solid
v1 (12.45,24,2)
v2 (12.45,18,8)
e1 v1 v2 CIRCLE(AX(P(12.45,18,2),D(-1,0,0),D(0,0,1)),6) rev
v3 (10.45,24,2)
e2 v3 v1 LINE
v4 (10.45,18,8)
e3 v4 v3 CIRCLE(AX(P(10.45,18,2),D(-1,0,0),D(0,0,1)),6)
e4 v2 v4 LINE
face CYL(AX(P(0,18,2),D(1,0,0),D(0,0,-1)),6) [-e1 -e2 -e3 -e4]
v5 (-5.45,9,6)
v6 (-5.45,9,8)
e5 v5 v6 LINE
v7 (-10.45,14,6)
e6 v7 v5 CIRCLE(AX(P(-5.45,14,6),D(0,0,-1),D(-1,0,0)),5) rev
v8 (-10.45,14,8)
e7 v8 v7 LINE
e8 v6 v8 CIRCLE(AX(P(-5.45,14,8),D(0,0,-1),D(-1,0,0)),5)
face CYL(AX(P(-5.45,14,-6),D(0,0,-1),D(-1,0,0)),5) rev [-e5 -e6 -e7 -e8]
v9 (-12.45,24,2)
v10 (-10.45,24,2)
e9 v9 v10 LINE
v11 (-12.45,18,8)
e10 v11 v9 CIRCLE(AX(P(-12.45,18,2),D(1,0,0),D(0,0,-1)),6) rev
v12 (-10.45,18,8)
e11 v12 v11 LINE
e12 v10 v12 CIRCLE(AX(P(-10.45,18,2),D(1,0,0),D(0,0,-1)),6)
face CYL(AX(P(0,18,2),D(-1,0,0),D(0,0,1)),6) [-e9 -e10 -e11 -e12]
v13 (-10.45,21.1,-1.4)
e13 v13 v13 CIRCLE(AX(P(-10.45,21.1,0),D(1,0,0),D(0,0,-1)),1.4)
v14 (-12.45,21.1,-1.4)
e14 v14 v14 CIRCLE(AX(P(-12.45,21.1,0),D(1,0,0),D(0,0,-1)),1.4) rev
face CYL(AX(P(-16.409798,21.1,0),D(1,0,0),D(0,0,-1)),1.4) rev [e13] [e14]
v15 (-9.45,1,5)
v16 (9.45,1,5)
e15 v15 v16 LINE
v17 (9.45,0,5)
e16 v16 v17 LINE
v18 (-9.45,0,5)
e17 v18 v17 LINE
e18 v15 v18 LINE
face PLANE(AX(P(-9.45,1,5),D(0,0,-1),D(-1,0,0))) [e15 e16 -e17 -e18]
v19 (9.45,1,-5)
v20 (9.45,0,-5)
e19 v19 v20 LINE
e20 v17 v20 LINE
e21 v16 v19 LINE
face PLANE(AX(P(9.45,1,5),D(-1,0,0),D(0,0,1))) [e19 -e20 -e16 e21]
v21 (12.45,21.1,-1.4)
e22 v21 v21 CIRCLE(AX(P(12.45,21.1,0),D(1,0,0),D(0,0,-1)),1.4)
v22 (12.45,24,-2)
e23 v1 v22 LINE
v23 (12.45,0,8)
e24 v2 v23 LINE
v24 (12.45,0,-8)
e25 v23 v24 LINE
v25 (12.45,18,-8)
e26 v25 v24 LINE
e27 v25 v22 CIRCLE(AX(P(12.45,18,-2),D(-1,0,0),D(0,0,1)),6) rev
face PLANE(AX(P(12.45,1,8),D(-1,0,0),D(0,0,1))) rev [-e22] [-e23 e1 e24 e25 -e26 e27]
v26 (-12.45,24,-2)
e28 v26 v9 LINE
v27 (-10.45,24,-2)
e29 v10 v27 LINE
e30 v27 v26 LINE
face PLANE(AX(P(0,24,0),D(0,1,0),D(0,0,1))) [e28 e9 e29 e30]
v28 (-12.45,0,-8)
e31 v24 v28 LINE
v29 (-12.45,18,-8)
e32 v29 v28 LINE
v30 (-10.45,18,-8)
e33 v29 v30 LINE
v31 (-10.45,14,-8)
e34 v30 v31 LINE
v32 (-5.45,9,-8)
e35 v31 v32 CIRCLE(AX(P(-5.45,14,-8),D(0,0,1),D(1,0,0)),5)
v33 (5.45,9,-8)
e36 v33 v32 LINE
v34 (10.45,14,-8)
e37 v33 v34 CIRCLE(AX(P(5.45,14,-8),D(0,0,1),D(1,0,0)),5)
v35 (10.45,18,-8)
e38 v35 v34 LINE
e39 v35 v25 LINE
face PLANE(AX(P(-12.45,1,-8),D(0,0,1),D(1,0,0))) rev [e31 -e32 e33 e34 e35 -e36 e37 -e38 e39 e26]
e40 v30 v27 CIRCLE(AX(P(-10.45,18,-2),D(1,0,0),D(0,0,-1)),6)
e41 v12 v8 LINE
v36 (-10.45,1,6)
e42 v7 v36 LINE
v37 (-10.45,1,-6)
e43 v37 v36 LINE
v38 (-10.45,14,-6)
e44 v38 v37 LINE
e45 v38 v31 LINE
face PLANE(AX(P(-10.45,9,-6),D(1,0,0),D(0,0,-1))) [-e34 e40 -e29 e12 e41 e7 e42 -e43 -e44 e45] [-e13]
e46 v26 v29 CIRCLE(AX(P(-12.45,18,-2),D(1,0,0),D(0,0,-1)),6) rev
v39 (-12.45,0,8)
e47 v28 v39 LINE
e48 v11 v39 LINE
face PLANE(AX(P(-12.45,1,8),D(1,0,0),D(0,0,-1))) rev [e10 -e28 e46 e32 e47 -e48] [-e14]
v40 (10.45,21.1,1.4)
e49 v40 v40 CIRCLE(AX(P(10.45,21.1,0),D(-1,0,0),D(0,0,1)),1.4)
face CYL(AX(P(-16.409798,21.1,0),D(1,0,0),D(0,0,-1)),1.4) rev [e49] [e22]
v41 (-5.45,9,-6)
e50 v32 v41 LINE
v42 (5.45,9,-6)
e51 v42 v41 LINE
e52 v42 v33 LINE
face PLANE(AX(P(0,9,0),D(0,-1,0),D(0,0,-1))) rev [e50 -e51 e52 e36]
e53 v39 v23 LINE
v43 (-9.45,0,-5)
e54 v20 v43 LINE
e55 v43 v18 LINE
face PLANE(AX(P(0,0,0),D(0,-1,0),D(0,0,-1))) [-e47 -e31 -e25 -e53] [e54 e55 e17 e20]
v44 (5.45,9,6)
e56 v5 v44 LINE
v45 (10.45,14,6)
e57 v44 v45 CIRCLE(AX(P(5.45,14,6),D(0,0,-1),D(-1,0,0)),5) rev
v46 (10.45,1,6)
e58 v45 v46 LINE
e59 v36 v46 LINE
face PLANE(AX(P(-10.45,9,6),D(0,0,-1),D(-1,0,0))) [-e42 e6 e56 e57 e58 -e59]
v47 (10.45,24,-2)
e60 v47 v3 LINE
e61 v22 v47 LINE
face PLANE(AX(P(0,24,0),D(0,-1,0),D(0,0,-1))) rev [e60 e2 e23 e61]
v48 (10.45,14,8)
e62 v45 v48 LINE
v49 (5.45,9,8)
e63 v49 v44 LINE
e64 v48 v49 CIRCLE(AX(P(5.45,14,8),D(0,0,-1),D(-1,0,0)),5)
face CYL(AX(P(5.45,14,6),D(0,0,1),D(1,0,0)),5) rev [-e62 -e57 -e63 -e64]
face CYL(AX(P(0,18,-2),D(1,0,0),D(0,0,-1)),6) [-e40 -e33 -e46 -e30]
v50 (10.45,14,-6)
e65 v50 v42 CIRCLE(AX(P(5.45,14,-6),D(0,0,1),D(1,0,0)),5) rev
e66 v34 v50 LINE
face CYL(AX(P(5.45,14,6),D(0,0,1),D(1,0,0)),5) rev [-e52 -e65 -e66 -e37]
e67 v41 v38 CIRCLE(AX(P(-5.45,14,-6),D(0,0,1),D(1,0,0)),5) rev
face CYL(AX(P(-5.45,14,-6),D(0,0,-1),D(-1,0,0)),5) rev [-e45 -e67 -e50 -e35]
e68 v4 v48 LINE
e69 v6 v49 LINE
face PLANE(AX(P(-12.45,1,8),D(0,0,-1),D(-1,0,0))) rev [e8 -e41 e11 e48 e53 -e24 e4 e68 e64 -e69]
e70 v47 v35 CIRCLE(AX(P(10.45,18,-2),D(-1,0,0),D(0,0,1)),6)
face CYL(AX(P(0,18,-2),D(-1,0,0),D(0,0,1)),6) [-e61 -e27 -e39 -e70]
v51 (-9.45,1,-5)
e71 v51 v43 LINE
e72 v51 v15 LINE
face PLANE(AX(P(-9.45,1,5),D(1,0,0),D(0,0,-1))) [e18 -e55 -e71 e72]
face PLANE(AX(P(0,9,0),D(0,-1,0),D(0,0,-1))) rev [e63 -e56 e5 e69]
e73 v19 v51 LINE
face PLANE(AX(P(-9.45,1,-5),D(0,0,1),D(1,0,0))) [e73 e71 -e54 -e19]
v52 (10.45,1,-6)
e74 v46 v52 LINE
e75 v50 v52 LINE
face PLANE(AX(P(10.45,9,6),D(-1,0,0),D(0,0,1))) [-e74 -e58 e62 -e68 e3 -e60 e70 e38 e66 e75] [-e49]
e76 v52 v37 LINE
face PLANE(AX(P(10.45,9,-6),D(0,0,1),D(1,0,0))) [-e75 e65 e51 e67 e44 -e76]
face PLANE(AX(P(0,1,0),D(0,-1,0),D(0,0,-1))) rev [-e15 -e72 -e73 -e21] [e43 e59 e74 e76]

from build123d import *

# Parameters (mm, degrees)
SKETCH1_W           = 24.9
SKETCH1_H           = 16
SKETCH1_W_2         = 18.9
SKETCH1_H_2         = 10
BOSS_EXTRUDE1_DEPTH = 1
SKETCH2_W           = 24.9
SKETCH2_H           = 16
SKETCH2_W_2         = 20.9
SKETCH2_H_2         = 12
BOSS_EXTRUDE2_DEPTH = 8
SKETCH3_W           = 2
SKETCH3_H           = 16
BOSS_EXTRUDE3_DEPTH = 15
FILLET1_R           = 5
SKETCH4_R           = 1.4
CUT_EXTRUDE1_DEPTH  = 24.9
FILLET2_R           = 6


with BuildPart() as part:
    # Sketch1 → Boss-Extrude1 (new body)
    with BuildSketch(Plane(origin=(0, 0, 0), x_dir=(1, 0, 0), z_dir=(0, 1, 0))):
        Rectangle(SKETCH1_W, SKETCH1_H)
        Rectangle(SKETCH1_W_2, SKETCH1_H_2, mode=Mode.SUBTRACT)
    extrude(amount=BOSS_EXTRUDE1_DEPTH)

    # Sketch2 → Boss-Extrude2 (add)
    with BuildSketch(Plane(origin=(0, 1, 0), x_dir=(1, 0, 0), z_dir=(0, 1, 0))):
        Rectangle(SKETCH2_W, SKETCH2_H)
        Rectangle(SKETCH2_W_2, SKETCH2_H_2, mode=Mode.SUBTRACT)
    extrude(amount=BOSS_EXTRUDE2_DEPTH)

    # Sketch3 → Boss-Extrude3 (add)
    with BuildSketch(Plane(origin=(0, 9, 0), x_dir=(1, 0, 0), z_dir=(0, 1, 0))):
        with Locations((-11.45, 0)):
            Rectangle(SKETCH3_W, SKETCH3_H)
        with Locations((11.45, 0)):
            Rectangle(SKETCH3_W, SKETCH3_H)
    extrude(amount=BOSS_EXTRUDE3_DEPTH)

    # Fillet1
    fillet1_edges = [part.edges().sort_by_distance(p)[0] for p in [
        (-10.45, 9, -7),
        (-10.45, 9, 7),
        (10.45, 9, 7),
        (10.45, 9, -7),
    ]]
    fillet(fillet1_edges, radius=FILLET1_R)

    # Sketch4 → Cut-Extrude1 (cut)
    with BuildSketch(Plane(origin=(12.45, 0, 0), x_dir=(0, 0, -1), z_dir=(1, 0, 0))):
        with Locations((0, 21.1)):
            Circle(SKETCH4_R)
    extrude(amount=-CUT_EXTRUDE1_DEPTH, mode=Mode.SUBTRACT)

    # Fillet2
    fillet2_edges = [part.edges().sort_by_distance(p)[0] for p in [
        (11.45, 24, -8),
        (11.45, 24, 8),
        (-11.45, 24, 8),
        (-11.45, 24, -8),
    ]]
    fillet(fillet2_edges, radius=FILLET2_R)


solid = part.part
